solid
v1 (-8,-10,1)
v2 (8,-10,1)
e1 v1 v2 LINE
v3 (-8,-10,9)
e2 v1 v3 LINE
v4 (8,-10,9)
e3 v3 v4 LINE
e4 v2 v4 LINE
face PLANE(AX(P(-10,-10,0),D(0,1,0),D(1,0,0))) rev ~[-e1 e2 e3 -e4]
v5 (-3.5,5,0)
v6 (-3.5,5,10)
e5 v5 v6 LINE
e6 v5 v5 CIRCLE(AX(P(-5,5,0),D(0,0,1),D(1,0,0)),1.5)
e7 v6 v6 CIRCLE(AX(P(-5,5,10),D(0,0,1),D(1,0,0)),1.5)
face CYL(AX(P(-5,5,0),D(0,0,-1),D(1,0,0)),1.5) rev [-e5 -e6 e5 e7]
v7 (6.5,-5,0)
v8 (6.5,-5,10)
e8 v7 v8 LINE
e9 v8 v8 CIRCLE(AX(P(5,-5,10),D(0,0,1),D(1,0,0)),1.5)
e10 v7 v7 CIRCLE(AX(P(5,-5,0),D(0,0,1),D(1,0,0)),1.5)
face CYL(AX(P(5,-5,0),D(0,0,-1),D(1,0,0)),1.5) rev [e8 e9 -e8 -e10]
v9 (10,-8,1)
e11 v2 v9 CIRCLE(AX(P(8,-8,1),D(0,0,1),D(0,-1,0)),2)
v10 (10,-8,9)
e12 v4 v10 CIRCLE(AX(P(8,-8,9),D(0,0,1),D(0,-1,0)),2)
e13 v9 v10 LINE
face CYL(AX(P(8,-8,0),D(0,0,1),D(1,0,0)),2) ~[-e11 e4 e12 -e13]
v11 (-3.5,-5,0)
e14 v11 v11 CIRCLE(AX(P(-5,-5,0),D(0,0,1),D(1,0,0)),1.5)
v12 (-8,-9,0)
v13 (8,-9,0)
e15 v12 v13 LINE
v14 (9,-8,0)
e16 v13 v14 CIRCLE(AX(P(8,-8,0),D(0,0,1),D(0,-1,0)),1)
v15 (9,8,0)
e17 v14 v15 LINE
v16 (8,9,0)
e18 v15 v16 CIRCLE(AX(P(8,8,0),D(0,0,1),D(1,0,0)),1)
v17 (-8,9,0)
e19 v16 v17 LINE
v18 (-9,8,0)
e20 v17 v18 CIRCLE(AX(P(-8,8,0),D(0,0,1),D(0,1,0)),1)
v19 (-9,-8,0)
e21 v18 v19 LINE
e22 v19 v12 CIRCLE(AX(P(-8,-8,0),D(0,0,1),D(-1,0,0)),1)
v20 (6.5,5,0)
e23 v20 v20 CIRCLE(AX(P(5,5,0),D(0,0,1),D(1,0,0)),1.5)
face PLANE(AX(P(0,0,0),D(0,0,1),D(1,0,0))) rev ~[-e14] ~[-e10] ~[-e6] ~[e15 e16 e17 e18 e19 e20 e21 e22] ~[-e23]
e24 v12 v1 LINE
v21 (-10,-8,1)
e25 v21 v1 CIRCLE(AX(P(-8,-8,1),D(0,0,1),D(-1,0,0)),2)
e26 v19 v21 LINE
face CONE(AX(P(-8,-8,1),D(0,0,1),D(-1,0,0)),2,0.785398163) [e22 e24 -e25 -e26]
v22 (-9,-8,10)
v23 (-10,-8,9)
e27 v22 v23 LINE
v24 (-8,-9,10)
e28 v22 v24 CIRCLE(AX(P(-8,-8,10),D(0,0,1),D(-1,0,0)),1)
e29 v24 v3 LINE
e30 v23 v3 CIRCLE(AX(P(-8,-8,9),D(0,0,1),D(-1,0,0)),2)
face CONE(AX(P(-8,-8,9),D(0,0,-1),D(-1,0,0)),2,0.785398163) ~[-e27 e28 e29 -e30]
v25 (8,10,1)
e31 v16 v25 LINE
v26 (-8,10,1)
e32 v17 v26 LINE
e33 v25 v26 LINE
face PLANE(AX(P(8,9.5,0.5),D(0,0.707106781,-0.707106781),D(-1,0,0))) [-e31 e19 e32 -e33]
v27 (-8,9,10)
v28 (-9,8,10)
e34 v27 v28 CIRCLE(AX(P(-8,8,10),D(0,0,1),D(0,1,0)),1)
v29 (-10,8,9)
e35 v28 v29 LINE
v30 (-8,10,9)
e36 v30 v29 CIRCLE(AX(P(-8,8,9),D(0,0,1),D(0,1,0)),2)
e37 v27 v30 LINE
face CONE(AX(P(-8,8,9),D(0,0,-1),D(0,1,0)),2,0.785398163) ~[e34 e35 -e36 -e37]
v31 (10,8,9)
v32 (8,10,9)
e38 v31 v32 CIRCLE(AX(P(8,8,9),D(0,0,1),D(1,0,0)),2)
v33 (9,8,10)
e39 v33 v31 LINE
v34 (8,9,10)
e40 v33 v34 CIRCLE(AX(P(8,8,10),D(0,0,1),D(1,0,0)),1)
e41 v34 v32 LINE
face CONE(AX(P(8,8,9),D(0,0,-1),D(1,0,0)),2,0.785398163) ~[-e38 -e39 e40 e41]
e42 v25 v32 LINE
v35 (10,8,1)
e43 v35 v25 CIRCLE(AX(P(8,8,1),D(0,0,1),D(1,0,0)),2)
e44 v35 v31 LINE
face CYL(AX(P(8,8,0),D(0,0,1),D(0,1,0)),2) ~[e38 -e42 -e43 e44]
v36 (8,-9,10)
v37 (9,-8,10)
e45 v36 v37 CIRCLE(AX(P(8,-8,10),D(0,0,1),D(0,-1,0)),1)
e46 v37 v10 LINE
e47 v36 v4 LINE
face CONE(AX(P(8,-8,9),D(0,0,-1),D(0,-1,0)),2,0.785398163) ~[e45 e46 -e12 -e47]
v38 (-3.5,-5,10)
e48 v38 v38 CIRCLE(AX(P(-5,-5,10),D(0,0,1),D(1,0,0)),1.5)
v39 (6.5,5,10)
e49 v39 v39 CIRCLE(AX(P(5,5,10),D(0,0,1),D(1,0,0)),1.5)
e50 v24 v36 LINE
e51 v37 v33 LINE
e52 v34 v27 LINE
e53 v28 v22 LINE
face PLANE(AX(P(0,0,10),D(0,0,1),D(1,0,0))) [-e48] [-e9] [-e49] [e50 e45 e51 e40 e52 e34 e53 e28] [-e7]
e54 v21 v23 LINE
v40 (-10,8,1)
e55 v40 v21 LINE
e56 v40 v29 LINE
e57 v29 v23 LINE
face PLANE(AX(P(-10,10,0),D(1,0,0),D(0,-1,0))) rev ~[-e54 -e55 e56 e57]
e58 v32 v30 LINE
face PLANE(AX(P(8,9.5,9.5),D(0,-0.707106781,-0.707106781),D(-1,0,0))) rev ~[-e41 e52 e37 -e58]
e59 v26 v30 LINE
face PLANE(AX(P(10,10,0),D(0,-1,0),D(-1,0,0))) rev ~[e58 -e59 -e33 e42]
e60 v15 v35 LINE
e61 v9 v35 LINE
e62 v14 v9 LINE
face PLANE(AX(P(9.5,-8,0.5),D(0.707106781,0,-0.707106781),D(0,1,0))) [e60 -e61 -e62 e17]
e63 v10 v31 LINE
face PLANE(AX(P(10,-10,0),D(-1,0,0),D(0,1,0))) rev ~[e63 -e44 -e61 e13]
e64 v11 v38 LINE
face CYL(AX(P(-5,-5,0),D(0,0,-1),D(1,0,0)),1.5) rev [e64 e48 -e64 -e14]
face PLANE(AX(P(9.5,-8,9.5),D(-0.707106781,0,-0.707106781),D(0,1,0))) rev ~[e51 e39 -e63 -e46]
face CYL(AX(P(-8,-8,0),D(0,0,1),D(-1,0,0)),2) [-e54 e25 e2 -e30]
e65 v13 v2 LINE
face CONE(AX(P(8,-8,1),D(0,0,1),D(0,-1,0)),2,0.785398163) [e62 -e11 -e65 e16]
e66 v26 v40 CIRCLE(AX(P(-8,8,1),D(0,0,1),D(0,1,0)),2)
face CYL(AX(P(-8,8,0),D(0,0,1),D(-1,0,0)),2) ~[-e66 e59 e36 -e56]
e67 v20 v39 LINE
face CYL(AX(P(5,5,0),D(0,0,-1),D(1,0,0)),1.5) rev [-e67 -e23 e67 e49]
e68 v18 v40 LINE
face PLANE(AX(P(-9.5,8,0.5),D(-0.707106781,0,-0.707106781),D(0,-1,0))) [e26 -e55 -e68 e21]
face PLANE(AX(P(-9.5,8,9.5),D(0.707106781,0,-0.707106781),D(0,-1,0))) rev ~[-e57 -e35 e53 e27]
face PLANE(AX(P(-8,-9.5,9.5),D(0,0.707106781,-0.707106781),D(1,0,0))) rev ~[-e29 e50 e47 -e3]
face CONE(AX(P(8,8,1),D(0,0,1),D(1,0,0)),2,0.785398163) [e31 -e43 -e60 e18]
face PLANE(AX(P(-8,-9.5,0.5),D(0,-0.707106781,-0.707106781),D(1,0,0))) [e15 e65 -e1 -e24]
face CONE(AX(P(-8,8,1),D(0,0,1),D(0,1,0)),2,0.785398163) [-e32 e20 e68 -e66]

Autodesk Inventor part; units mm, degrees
ref_plane "YZ Plane" through (0, 0, 0) normal (1, 0, 0) x (0, 1, 0)
ref_plane "XZ Plane" through (0, 0, 0) normal (0, 1, 0) x (-1, 0, 0)
ref_plane "XY Plane" through (0, 0, 0) normal (0, 0, 1) x (1, 0, 0)
sketch "스케치1" plane through (0, 0, 0) normal (0, 0, 1) x (1, 0, 0)
  line L0 (-10, -10) -> (10, -10)
  line L1 (10, -10) -> (10, 10)
  line L2 (10, 10) -> (-10, 10)
  line L3 (-10, 10) -> (-10, -10)
  line L4 (-10, -10) -> (10, 10) construction
  line L5 (10, -10) -> (-10, 10) construction
  circle A0 centre (-5, 5) radius 1.5
  circle A1 centre (5, 5) radius 1.5
  circle A2 centre (5, -5) radius 1.5
  circle A3 centre (-5, -5) radius 1.5
  point P0 (0, 0)
  dimension "d0" = 20
  dimension "d1" = 5
  dimension "d2" = 3
extrude "돌출1" add sketch "스케치1" along normal blind 10
fillet "모깎기1" radius 2 4 edges at (-10, 10, 5) (-10, -10, 5) (10, -10, 5) (10, 10, 5)
chamfer "모따기1" distance 1 angle 45 16 edges at (0, 10, 10) (-9.4142, 9.4142, 10) (-10, 0, 10) (-9.4142, -9.4142, 10) (0, -10, 10) (9.4142, -9.4142, 10) (10, 0, 10) (9.4142, 9.4142, 10) (0, 10, 0) (-9.4142, 9.4142, 0) (-10, 0, 0) (-9.4142, -9.4142, 0) (0, -10, 0) (9.4142, -9.4142, 0) (10, 0, 0) (9.4142, 9.4142, 0)
properties part number "RobotBaseConnector_3D 인쇄"
